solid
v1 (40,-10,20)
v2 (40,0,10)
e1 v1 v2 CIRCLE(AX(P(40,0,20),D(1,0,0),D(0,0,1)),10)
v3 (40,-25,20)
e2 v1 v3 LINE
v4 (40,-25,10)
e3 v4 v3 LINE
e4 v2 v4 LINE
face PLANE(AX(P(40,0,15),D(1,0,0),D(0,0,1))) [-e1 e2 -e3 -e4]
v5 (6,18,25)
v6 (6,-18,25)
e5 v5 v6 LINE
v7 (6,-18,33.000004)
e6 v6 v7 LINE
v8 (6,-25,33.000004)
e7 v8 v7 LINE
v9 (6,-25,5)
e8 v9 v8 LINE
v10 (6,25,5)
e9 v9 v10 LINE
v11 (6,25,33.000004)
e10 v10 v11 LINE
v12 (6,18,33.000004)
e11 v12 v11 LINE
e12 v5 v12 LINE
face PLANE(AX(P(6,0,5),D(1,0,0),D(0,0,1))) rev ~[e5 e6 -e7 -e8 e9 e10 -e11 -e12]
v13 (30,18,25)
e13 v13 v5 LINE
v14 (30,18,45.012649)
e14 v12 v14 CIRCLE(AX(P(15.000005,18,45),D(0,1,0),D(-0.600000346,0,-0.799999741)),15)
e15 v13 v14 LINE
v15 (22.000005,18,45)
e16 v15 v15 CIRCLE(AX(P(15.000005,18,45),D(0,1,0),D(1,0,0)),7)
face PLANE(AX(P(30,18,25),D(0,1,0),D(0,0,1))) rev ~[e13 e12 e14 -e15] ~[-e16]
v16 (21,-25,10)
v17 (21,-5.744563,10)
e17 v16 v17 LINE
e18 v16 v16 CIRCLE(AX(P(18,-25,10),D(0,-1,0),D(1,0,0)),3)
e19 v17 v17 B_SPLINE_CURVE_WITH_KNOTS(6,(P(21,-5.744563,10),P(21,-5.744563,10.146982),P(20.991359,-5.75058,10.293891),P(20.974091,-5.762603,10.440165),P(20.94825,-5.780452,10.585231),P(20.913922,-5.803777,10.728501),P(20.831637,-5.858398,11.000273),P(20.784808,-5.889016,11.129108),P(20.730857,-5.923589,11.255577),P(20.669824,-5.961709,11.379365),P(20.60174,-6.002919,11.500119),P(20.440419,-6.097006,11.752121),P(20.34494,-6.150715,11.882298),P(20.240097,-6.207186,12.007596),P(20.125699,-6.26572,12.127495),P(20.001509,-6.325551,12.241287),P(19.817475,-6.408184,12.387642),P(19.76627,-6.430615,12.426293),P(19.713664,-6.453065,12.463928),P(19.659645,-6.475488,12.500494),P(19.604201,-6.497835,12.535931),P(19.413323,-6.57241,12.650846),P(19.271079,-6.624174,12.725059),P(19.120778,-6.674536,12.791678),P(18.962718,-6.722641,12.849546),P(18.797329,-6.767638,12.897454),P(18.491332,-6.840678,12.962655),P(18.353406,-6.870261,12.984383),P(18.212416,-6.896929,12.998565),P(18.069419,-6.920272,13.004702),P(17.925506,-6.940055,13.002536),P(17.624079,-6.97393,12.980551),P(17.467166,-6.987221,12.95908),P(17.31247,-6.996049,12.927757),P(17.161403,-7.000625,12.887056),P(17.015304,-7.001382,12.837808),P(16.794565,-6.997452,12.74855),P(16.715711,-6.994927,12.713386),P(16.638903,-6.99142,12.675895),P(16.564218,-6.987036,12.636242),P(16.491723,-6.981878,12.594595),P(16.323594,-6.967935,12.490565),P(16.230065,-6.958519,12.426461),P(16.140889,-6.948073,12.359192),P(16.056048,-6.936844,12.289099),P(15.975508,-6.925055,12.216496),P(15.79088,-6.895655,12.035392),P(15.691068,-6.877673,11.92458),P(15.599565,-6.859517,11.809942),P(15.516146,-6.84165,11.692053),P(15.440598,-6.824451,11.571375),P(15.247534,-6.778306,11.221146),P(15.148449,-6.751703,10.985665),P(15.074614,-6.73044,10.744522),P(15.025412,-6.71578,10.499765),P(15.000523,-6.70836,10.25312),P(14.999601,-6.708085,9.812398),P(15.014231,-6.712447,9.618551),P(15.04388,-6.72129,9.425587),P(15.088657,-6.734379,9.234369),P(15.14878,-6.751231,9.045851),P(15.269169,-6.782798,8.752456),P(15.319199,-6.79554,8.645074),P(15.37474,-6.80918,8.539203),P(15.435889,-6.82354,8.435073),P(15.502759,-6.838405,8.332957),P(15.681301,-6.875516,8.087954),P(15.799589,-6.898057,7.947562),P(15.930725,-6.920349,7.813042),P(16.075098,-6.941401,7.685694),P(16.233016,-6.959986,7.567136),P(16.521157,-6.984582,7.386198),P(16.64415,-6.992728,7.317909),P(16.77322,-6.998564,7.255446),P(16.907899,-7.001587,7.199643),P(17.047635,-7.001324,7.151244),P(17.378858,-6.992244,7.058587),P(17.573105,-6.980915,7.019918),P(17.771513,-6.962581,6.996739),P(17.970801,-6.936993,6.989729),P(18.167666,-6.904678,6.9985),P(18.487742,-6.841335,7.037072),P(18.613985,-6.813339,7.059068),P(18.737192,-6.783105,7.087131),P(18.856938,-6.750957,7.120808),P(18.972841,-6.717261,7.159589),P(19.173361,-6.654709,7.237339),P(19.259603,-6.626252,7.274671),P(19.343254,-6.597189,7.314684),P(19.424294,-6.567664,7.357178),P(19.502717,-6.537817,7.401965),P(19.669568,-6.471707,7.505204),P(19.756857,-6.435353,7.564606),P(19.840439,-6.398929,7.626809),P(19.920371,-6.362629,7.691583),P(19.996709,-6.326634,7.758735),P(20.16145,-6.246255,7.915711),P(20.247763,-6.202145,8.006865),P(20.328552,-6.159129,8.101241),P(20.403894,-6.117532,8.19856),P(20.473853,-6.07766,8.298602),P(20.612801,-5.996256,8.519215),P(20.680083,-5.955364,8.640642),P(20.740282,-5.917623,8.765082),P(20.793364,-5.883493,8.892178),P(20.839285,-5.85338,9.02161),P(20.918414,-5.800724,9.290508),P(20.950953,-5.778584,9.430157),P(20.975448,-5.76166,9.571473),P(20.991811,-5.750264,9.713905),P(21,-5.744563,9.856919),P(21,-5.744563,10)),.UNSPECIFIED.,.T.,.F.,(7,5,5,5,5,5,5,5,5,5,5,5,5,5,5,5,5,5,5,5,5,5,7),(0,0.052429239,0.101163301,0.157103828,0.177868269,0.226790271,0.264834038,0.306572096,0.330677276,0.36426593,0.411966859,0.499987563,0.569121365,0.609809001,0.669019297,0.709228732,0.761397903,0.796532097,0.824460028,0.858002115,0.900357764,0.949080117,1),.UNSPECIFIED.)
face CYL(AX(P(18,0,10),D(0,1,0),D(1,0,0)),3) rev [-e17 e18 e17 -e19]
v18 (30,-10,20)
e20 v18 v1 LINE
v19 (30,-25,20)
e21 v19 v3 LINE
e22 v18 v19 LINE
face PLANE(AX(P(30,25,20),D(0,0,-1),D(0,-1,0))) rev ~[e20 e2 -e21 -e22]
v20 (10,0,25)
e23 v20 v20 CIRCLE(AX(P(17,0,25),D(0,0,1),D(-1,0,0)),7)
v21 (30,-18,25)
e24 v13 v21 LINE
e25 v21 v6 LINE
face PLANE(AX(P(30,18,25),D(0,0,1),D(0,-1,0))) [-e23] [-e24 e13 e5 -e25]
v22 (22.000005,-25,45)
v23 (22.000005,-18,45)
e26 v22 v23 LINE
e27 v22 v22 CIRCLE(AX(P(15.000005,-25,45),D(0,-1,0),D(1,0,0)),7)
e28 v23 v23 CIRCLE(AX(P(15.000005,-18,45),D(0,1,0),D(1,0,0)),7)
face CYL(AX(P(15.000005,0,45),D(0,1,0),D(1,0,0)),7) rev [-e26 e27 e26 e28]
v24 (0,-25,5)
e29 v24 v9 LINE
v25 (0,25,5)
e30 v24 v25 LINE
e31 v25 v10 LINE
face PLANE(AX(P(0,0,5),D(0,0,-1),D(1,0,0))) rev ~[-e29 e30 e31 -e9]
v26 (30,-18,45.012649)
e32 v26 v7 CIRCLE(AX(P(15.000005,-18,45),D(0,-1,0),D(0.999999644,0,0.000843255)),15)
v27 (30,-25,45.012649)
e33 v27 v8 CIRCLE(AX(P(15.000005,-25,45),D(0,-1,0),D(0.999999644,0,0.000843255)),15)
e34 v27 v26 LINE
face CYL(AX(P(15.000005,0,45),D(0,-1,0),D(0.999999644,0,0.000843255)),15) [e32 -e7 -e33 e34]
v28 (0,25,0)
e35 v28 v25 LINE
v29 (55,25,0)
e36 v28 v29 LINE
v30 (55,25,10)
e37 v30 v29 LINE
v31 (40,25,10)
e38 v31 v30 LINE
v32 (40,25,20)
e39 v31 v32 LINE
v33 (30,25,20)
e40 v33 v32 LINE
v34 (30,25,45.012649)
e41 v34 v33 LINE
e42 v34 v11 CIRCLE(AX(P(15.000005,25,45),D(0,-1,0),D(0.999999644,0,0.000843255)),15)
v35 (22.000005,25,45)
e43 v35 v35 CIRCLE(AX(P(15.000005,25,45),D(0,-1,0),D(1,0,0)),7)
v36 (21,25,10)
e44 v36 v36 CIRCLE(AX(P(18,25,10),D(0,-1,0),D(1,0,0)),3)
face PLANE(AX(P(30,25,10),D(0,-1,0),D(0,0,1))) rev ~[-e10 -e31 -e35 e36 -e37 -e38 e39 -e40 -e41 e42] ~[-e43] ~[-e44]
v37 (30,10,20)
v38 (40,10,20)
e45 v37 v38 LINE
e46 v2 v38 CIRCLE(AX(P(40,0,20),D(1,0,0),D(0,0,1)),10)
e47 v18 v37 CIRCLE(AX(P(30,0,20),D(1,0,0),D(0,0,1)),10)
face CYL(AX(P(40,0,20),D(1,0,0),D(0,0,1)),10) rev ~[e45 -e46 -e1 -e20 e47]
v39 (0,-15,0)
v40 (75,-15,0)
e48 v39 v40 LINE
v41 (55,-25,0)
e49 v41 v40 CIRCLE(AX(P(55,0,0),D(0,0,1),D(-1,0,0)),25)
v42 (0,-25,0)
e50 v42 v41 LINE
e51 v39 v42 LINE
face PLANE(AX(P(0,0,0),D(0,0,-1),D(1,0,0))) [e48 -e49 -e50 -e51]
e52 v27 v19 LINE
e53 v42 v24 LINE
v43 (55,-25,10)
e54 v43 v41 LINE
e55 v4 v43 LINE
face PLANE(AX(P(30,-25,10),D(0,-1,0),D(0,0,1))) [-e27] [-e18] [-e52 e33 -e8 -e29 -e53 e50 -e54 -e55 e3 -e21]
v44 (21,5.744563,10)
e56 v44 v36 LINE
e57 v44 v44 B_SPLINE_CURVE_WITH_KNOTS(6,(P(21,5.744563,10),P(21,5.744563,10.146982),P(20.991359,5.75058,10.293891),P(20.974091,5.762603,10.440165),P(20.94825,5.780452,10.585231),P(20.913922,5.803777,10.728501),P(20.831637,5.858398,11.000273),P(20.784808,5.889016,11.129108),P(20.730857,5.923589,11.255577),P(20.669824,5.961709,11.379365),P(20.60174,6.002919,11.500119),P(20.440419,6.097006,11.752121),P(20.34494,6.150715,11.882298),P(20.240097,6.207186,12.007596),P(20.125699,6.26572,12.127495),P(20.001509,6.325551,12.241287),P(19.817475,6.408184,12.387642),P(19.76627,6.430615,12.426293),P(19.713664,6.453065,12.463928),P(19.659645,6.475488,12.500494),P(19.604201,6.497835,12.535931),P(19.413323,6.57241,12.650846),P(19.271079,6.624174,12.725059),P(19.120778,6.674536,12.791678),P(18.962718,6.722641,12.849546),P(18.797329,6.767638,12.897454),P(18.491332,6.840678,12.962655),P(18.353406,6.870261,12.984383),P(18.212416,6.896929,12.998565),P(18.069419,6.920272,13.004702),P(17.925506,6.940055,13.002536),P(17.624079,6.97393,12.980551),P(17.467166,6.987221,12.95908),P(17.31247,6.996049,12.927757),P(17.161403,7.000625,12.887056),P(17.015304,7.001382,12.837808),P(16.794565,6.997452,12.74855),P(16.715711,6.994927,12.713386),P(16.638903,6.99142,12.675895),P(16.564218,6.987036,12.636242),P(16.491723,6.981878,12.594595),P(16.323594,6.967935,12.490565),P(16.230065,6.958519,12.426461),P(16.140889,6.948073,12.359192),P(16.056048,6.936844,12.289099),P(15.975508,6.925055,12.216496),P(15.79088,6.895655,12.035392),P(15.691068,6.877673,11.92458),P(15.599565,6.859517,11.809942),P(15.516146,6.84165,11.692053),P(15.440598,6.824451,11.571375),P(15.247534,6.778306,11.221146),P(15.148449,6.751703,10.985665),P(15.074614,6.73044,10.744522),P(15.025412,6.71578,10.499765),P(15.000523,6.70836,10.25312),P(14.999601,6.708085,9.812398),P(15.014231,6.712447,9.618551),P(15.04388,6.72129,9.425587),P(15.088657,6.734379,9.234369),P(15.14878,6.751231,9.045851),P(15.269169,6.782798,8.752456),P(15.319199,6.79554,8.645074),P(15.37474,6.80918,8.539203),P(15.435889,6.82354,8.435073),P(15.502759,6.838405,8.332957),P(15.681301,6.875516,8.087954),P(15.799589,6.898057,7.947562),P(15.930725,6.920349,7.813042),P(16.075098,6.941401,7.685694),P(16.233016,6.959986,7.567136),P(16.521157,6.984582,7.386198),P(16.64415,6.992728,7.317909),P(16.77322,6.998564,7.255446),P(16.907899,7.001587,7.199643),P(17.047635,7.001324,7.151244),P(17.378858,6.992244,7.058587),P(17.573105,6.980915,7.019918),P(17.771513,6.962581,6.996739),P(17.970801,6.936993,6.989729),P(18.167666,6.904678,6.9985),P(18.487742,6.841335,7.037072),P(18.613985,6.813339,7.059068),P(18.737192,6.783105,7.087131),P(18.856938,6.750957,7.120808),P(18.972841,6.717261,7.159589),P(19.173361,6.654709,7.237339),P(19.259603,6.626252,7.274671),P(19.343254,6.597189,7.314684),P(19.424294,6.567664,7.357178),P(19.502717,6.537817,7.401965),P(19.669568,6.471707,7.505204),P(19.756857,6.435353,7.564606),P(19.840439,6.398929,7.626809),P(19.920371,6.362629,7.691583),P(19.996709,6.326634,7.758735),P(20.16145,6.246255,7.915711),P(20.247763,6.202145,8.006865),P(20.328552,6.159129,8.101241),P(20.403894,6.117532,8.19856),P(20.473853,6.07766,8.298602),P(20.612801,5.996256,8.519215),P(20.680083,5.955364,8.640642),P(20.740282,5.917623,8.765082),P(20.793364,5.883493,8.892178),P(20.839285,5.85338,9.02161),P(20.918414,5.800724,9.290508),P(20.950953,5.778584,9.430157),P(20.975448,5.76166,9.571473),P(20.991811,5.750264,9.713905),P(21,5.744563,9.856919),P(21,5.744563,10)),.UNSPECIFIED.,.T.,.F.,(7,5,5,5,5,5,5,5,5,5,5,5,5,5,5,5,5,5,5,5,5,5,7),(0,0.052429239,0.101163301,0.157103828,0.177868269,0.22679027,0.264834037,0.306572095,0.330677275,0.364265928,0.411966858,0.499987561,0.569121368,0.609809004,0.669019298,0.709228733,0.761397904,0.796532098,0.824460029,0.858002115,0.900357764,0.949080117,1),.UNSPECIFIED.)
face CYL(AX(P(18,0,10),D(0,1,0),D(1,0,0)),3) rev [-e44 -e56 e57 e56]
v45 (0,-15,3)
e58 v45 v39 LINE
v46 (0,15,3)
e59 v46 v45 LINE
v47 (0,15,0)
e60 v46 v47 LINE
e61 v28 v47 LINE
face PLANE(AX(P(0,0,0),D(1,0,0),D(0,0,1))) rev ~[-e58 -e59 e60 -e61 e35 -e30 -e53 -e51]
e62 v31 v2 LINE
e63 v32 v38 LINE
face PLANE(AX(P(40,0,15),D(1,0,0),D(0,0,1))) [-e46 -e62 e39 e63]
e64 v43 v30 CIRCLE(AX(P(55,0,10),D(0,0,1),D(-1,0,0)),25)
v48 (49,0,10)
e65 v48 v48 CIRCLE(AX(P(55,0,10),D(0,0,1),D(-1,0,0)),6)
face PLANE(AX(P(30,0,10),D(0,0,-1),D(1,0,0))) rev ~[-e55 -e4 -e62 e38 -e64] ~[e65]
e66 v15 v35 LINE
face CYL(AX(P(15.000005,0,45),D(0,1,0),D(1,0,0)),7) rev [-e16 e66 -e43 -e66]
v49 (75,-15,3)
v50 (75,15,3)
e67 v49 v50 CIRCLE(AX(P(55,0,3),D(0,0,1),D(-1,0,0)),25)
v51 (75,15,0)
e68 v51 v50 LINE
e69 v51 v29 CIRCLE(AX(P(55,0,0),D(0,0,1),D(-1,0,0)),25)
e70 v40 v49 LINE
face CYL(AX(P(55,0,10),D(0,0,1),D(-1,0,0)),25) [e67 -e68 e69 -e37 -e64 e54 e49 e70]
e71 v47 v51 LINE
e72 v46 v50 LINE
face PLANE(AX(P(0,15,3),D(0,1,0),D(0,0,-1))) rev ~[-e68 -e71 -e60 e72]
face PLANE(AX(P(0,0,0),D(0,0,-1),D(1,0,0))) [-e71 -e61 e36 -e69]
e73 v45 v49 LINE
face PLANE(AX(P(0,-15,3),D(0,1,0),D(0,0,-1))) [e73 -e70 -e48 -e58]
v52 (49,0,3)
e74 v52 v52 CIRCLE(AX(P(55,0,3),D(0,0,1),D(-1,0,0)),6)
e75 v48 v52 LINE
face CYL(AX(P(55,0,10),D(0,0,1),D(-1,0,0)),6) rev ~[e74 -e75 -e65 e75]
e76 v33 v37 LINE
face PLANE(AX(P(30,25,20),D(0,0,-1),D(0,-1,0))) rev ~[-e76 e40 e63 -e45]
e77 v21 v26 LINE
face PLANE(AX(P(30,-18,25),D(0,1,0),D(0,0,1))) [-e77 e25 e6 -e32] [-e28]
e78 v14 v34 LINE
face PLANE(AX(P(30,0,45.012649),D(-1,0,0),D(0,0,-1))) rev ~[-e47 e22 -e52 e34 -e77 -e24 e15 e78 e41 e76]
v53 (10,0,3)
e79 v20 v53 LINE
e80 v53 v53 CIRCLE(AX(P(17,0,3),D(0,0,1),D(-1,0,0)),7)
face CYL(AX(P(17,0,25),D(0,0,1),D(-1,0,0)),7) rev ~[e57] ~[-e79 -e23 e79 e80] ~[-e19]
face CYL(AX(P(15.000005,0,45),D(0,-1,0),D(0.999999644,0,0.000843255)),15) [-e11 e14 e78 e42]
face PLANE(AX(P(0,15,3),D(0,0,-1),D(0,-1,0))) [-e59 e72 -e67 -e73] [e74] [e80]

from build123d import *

# Parameters (mm, degrees)
SKETCH_R        = 7
SKETCH_R_2      = 3
PAD_DEPTH       = 25
SKETCH001_R     = 25
PAD001_DEPTH    = 10
SKETCH002_W     = 35
SKETCH002_H     = 36
POCKET_DEPTH    = 30.001
SKETCH003_R     = 7
POCKET001_DEPTH = 25.001
SKETCH004_R     = 6
POCKET002_DEPTH = 10.001
SKETCH005_W     = 10
SKETCH005_H     = 50
PAD002_DEPTH    = 10
SKETCH006_R     = 10
POCKET003_DEPTH = 10
SKETCH007_W     = 3
SKETCH007_H     = 30
POCKET004_DEPTH = 80.001


with BuildPart() as part:
    # Sketch → Pad (new body, symmetric)
    with BuildSketch(Plane.XZ):
        with BuildLine():
            Line((0, 0), (0, 5))
            Line((0, 5), (6, 5))
            Line((6, 5), (6, 33.000004))
            ThreePointArc((30, 45.012649), (8.286148, 58.41358), (6, 33.000004))
            Line((30, 45.012649), (30, 10))
            Line((30, 10), (55, 10))
            Line((55, 10), (55, 0))
            Line((0, 0), (55, 0))
        make_face()
        with Locations((15.000005, 45)):
            Circle(SKETCH_R, mode=Mode.SUBTRACT)
        with Locations((18, 10)):
            Circle(SKETCH_R_2, mode=Mode.SUBTRACT)
    extrude(amount=PAD_DEPTH, both=True)

    # Sketch001 → Pad001 (new body)
    with BuildSketch(Plane(origin=(0, 0, 10), x_dir=(-1, 0, 0), z_dir=(0, 0, 1))):
        with Locations((-55, 0)):
            Circle(SKETCH001_R)
    extrude(amount=-PAD001_DEPTH)

    # Sketch002 → Pocket (cut, through all)
    with BuildSketch(Plane(origin=(30, 0, 0), x_dir=(0, 0, 1), z_dir=(1, 0, 0))):
        with Locations((42.5, 0)):
            Rectangle(SKETCH002_W, SKETCH002_H)
    extrude(amount=-POCKET_DEPTH, mode=Mode.SUBTRACT)

    # Sketch003 → Pocket001 (cut, through all)
    with BuildSketch(Plane(origin=(0, 0, 25), x_dir=(-1, 0, 0), z_dir=(0, 0, 1))):
        with Locations((-17, 0)):
            Circle(SKETCH003_R)
    extrude(amount=-POCKET001_DEPTH, mode=Mode.SUBTRACT)

    # Sketch004 → Pocket002 (cut, through all)
    with BuildSketch(Plane(origin=(0, 0, 10), x_dir=(-1, 0, 0), z_dir=(0, 0, 1))):
        with Locations((-55, 0)):
            Circle(SKETCH004_R)
    extrude(amount=-POCKET002_DEPTH, mode=Mode.SUBTRACT)

    # Sketch005 → Pad002 (new body)
    with BuildSketch(Plane(origin=(30, 0, 0), x_dir=(0, 0, 1), z_dir=(1, 0, 0))):
        with Locations((15, 0)):
            Rectangle(SKETCH005_W, SKETCH005_H)
    extrude(amount=PAD002_DEPTH)

    # Sketch006 → Pocket003 (cut)
    with BuildSketch(Plane(origin=(40, 0, 0), x_dir=(0, 0, 1), z_dir=(1, 0, 0))):
        with Locations((20, 0)):
            Circle(SKETCH006_R)
    extrude(amount=-POCKET003_DEPTH, mode=Mode.SUBTRACT)

    # Sketch007 → Pocket004 (cut, through all)
    with BuildSketch(Plane(origin=(0, 0, 0), x_dir=(0, 0, -1), z_dir=(-1, 0, 0))):
        with Locations((-1.5, 0)):
            Rectangle(SKETCH007_W, SKETCH007_H)
    extrude(amount=-POCKET004_DEPTH, mode=Mode.SUBTRACT)


solid = part.part
